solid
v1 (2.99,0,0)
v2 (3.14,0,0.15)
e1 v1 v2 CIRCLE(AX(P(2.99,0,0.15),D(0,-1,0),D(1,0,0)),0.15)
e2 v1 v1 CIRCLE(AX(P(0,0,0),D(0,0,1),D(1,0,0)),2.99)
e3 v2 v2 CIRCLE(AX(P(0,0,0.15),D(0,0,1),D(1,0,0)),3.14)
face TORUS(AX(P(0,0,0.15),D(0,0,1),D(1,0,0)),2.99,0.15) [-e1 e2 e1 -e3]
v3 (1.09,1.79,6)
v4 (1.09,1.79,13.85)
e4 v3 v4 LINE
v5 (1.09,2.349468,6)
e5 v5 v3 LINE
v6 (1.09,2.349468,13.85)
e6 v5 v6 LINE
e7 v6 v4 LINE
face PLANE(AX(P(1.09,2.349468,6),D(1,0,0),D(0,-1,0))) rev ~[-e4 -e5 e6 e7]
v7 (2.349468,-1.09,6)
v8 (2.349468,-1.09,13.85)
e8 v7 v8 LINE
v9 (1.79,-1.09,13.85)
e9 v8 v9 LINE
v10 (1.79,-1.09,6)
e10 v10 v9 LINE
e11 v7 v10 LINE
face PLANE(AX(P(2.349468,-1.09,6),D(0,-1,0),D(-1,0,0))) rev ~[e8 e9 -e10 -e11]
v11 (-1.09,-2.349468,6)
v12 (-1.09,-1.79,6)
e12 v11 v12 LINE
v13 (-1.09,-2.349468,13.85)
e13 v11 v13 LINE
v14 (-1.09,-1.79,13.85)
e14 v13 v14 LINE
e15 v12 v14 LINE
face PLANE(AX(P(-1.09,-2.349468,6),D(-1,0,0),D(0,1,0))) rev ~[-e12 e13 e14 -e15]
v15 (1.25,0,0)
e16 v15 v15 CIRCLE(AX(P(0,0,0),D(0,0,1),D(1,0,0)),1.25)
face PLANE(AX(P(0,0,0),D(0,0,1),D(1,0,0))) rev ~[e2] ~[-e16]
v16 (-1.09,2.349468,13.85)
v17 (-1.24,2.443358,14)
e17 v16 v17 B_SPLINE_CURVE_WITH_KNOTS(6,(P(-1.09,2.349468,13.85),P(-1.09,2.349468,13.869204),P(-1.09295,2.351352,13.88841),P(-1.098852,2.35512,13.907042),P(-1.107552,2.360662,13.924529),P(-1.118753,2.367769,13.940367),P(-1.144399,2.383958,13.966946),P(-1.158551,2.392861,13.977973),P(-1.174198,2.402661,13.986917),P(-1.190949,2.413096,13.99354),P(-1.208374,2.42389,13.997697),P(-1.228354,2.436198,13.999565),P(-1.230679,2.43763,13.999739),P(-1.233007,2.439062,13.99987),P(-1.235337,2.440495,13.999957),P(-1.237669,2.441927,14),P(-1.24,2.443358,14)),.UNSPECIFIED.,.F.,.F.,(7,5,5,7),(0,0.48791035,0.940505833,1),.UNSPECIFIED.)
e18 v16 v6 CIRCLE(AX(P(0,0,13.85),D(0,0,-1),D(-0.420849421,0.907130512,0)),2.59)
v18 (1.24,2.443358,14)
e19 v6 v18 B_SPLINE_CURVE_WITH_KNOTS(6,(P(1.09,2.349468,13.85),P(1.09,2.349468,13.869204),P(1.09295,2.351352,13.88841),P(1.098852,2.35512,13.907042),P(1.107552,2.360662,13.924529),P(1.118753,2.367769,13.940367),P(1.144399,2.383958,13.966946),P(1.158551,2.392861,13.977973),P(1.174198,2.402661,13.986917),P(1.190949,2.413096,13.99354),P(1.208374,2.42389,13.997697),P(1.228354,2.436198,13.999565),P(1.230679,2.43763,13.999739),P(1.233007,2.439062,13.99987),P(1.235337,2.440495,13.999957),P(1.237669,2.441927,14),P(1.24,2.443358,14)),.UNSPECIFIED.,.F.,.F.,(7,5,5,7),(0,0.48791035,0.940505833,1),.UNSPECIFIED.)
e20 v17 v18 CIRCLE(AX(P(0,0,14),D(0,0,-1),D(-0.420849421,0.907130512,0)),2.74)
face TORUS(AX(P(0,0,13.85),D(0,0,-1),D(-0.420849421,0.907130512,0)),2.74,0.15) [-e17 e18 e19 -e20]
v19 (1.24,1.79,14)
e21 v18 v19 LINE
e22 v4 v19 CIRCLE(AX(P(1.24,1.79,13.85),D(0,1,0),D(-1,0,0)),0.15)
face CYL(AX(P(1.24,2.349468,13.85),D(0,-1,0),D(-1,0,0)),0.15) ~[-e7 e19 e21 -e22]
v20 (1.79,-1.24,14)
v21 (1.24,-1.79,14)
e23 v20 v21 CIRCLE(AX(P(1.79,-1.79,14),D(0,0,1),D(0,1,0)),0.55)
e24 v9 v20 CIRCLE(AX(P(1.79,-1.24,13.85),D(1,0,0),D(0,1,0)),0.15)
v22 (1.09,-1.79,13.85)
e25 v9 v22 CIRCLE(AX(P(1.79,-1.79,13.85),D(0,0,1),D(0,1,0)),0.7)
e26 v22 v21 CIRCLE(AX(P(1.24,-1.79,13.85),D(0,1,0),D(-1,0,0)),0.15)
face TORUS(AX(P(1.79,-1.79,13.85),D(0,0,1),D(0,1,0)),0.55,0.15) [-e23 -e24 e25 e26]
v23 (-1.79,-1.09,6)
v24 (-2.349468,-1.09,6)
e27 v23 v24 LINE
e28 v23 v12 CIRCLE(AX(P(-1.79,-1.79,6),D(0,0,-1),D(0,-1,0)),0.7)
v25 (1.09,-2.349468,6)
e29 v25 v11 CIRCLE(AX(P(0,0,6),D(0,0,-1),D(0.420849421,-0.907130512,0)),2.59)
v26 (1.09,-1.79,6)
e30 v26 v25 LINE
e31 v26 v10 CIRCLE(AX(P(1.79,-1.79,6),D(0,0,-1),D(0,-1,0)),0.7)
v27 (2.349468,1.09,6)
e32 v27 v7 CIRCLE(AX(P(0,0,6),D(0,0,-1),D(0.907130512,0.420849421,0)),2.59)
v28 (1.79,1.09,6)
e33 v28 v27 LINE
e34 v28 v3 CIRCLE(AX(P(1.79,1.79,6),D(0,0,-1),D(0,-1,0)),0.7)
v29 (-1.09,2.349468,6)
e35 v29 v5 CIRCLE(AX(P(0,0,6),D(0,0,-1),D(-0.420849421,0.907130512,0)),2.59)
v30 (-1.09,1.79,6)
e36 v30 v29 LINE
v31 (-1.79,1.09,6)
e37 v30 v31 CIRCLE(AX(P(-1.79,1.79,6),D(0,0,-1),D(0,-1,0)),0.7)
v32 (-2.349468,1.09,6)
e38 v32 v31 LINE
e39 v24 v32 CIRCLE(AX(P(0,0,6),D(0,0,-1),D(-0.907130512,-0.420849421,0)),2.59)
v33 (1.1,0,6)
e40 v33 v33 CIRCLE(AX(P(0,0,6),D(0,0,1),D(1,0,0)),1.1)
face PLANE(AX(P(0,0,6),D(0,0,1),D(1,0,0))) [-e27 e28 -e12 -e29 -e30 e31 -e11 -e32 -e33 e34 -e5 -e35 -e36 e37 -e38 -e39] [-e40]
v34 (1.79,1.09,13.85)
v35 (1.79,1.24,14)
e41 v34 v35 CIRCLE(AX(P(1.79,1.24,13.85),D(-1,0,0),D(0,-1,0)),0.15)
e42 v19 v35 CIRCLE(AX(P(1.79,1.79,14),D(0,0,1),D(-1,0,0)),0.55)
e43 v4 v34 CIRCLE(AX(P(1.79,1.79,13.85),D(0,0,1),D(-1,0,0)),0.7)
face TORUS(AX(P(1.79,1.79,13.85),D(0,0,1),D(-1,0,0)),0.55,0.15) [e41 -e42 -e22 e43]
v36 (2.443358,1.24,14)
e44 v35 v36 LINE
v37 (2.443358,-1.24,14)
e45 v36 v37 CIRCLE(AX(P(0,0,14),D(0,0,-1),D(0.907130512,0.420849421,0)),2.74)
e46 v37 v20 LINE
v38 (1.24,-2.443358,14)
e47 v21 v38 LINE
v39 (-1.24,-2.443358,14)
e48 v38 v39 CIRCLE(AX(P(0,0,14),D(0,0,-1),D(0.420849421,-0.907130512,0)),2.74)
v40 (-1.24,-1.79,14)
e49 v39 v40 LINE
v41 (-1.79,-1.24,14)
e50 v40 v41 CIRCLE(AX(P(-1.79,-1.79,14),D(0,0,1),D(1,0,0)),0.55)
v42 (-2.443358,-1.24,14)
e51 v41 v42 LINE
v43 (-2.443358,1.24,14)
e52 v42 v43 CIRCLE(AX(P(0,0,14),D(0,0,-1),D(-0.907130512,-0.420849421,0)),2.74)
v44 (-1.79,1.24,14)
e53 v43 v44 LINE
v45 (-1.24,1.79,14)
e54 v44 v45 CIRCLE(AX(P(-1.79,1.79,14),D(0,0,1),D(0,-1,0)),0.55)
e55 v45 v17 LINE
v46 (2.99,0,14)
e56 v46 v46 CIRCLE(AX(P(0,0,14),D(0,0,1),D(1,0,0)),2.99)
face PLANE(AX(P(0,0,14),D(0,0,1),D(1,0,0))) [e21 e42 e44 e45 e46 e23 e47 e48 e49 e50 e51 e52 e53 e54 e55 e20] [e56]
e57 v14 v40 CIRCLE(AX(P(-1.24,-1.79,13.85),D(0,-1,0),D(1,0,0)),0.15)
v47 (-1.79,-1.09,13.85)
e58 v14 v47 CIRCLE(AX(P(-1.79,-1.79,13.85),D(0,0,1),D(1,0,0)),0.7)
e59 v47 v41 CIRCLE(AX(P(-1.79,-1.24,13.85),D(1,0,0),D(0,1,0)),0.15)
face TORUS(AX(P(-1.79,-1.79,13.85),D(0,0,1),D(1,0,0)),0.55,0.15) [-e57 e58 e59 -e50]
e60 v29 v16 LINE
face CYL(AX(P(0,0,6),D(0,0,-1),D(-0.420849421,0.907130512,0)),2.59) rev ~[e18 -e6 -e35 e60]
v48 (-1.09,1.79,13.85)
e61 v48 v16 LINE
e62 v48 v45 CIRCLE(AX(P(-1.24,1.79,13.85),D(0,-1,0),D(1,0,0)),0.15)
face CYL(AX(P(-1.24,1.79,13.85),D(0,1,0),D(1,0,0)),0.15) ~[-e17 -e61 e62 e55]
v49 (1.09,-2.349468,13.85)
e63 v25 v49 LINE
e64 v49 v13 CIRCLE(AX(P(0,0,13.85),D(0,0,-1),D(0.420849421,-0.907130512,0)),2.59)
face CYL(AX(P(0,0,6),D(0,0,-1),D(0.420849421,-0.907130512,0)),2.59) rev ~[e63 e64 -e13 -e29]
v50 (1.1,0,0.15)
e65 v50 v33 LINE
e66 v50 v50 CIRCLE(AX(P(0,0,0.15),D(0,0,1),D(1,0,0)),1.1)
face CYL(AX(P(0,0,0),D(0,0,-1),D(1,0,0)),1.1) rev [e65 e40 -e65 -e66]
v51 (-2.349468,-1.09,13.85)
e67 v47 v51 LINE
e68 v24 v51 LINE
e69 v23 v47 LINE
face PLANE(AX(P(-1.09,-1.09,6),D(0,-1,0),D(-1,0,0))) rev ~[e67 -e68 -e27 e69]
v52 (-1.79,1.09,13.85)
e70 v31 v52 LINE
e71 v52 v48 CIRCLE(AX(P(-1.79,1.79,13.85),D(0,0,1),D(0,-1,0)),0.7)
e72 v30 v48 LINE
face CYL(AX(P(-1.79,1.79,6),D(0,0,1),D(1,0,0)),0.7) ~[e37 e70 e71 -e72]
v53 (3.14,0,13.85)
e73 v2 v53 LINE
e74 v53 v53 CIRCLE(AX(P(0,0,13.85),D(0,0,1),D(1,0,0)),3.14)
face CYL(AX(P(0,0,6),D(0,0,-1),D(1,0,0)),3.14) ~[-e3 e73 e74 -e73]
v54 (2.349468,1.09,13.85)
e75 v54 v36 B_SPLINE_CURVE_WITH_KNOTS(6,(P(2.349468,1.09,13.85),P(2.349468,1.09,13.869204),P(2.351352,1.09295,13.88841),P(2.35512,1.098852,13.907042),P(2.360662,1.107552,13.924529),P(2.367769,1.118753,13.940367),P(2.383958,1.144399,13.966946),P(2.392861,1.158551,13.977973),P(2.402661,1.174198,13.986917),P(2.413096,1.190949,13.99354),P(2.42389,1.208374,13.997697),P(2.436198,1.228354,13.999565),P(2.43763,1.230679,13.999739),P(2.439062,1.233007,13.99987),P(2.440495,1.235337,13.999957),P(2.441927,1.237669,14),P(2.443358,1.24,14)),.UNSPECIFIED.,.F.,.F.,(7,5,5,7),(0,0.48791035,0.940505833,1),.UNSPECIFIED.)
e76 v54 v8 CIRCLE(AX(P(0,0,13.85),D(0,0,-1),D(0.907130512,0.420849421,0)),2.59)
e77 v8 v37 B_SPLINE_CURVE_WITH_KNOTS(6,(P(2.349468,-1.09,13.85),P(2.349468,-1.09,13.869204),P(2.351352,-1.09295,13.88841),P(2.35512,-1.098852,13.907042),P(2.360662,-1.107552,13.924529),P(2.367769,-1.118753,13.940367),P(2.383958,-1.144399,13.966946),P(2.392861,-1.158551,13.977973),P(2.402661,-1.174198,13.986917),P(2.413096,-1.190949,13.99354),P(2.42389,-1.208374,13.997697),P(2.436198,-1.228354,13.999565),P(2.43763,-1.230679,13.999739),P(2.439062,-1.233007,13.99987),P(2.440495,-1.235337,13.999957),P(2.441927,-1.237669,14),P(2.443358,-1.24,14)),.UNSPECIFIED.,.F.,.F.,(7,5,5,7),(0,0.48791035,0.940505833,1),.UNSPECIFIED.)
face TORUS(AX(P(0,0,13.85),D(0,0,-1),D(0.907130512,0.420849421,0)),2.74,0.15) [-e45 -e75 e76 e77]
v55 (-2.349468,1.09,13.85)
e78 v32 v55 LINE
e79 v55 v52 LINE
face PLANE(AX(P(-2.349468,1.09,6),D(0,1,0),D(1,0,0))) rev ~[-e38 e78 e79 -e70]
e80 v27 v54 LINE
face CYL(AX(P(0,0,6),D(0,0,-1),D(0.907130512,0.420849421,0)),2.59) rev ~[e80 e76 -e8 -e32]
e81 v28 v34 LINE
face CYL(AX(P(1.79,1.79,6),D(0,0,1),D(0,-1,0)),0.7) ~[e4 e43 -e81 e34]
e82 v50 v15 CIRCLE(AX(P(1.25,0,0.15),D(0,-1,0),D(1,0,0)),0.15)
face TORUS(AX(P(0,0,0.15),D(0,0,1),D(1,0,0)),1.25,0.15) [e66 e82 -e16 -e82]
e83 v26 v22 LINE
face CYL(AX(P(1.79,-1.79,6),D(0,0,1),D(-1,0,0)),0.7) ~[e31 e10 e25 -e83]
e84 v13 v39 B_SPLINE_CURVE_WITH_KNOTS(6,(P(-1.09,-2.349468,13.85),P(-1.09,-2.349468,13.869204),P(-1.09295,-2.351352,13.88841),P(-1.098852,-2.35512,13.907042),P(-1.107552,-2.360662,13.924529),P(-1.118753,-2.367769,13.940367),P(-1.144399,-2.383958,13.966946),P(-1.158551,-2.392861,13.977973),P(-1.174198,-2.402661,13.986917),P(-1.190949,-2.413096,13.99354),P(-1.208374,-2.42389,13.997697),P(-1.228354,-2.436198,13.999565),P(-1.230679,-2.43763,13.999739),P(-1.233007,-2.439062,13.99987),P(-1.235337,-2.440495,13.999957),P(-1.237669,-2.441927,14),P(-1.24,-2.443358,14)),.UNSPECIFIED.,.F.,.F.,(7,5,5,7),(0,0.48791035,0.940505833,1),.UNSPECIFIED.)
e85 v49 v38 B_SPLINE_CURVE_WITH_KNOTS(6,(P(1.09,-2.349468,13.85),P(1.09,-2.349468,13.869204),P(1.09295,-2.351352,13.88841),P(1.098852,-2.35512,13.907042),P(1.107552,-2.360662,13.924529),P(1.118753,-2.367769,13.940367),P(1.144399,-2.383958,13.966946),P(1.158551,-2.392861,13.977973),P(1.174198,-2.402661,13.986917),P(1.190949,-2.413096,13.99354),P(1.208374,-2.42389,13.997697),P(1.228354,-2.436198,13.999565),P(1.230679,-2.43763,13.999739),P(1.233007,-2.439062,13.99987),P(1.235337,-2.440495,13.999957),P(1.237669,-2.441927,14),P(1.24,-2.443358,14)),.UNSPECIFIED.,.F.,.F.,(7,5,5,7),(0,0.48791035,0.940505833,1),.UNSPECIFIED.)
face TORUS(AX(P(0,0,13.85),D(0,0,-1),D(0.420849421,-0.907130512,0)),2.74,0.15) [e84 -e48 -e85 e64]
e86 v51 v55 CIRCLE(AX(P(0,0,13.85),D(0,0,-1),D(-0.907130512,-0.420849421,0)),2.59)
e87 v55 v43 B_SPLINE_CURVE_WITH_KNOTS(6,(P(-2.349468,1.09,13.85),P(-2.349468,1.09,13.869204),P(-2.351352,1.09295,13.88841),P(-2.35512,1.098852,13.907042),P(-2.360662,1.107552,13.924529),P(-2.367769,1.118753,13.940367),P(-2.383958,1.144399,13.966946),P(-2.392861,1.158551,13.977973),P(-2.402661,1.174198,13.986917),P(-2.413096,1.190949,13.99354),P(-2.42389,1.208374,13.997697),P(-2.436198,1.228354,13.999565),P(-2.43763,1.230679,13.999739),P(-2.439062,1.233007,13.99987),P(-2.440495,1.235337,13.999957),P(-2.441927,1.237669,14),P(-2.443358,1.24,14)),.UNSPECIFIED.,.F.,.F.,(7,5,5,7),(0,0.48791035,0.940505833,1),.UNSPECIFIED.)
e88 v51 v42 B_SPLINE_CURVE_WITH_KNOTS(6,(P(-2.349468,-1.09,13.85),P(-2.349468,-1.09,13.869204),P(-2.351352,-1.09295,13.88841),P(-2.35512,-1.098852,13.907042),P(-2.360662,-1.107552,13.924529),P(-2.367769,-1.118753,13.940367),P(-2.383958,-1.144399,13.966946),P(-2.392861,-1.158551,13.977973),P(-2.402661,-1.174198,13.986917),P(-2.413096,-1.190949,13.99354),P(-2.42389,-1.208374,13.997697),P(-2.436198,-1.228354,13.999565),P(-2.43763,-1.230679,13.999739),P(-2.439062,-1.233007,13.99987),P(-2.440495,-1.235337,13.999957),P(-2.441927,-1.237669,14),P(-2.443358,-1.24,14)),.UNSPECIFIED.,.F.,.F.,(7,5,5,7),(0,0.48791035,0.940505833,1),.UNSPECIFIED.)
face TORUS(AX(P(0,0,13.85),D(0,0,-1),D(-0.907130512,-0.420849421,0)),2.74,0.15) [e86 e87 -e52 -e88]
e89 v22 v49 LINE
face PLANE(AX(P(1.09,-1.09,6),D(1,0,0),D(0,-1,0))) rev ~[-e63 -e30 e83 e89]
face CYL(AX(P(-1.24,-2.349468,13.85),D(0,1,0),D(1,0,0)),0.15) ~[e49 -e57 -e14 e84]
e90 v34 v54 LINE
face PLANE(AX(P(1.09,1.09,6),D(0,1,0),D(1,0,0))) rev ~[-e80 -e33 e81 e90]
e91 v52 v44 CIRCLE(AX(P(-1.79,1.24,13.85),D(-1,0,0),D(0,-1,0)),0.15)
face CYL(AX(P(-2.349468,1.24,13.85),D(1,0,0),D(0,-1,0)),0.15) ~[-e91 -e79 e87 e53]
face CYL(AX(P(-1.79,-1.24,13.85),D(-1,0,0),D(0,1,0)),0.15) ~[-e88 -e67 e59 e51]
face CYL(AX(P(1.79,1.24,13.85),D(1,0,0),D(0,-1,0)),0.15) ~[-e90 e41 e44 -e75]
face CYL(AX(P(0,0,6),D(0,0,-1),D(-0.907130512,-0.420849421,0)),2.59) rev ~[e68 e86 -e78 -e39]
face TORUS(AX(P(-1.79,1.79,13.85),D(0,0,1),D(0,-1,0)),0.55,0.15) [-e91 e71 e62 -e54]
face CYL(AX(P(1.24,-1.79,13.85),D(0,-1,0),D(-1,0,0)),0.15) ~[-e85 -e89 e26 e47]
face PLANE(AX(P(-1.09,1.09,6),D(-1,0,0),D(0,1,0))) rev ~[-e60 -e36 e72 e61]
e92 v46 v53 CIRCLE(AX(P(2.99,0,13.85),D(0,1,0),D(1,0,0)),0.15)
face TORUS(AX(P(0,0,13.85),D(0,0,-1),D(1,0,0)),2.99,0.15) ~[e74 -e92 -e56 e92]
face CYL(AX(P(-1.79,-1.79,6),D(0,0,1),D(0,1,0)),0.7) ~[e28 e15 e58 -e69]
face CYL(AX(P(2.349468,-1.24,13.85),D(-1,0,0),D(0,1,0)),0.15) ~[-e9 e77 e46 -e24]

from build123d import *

# Parameters (mm, degrees)
SKETCH1_R           = 3.14
SKETCH1_R_2         = 1.1
BOSS_EXTRUDE1_DEPTH = 6
SKETCH2_R           = 3.14
BOSS_EXTRUDE3_DEPTH = 8
FILLET2_R           = 0.7
FILLET3_R           = 0.15
FILLET4_R           = 0.15


with BuildPart() as part:
    # Sketch1 → Boss-Extrude1 (new body)
    with BuildSketch(Plane.XY):
        Circle(SKETCH1_R)
        Circle(SKETCH1_R_2, mode=Mode.SUBTRACT)
    extrude(amount=BOSS_EXTRUDE1_DEPTH)

    # Sketch2 → Boss-Extrude3 (add)
    with BuildSketch(Plane.XY.offset(6)):
        Circle(SKETCH2_R)
        with BuildLine():
            Line((1.09, 1.09), (2.349468025, 1.09))
            ThreePointArc((2.349468025, 1.09), (2.59, 0), (2.349468025, -1.09))
            Line((2.349468025, -1.09), (1.09, -1.09))
            Line((1.09, -1.09), (1.09, -2.349468025))
            ThreePointArc((1.09, -2.349468025), (0, -2.59), (-1.09, -2.349468025))
            Line((-1.09, -2.349468025), (-1.09, -1.09))
            Line((-1.09, -1.09), (-2.349468025, -1.09))
            ThreePointArc((-2.349468025, -1.09), (-2.59, 0), (-2.349468025, 1.09))
            Line((-2.349468025, 1.09), (-1.09, 1.09))
            Line((-1.09, 1.09), (-1.09, 2.349468025))
            ThreePointArc((-1.09, 2.349468025), (0, 2.59), (1.09, 2.349468025))
            Line((1.09, 2.349468025), (1.09, 1.09))
        make_face(mode=Mode.SUBTRACT)
    extrude(amount=BOSS_EXTRUDE3_DEPTH)

    # Fillet2
    fillet2_edges = [part.edges().sort_by_distance(p)[0] for p in [
        (-1.09, -1.09, 10),
        (-1.09, 1.09, 10),
        (1.09, 1.09, 10),
        (1.09, -1.09, 10),
    ]]
    fillet(fillet2_edges, radius=FILLET2_R)

    # Fillet3
    fillet3_edges = [part.edges().sort_by_distance(p)[0] for p in [
        (-3.14, 0, 0),
        (-1.1, 0, 0),
    ]]
    fillet(fillet3_edges, radius=FILLET3_R)

    # Fillet4
    fillet4_edges = [part.edges().sort_by_distance(p)[0] for p in [
        (0, -2.59, 14),
        (-2.59, 0, 14),
        (2.59, 0, 14),
        (-1.09, -2.069734012, 14),
        (-2.069734012, 1.09, 14),
        (0, 2.59, 14),
        (2.069734012, -1.09, 14),
        (-3.14, 0, 14),
        (-1.09, 2.069734012, 14),
        (-2.069734012, -1.09, 14),
        (1.09, 2.069734012, 14),
        (2.069734012, 1.09, 14),
        (1.09, -2.069734012, 14),
        (-1.295025253, -1.295025253, 14),
        (1.295025253, -1.295025253, 14),
        (1.295025253, 1.295025253, 14),
        (-1.295025253, 1.295025253, 14),
    ]]
    fillet(fillet4_edges, radius=FILLET4_R)


solid = part.part
